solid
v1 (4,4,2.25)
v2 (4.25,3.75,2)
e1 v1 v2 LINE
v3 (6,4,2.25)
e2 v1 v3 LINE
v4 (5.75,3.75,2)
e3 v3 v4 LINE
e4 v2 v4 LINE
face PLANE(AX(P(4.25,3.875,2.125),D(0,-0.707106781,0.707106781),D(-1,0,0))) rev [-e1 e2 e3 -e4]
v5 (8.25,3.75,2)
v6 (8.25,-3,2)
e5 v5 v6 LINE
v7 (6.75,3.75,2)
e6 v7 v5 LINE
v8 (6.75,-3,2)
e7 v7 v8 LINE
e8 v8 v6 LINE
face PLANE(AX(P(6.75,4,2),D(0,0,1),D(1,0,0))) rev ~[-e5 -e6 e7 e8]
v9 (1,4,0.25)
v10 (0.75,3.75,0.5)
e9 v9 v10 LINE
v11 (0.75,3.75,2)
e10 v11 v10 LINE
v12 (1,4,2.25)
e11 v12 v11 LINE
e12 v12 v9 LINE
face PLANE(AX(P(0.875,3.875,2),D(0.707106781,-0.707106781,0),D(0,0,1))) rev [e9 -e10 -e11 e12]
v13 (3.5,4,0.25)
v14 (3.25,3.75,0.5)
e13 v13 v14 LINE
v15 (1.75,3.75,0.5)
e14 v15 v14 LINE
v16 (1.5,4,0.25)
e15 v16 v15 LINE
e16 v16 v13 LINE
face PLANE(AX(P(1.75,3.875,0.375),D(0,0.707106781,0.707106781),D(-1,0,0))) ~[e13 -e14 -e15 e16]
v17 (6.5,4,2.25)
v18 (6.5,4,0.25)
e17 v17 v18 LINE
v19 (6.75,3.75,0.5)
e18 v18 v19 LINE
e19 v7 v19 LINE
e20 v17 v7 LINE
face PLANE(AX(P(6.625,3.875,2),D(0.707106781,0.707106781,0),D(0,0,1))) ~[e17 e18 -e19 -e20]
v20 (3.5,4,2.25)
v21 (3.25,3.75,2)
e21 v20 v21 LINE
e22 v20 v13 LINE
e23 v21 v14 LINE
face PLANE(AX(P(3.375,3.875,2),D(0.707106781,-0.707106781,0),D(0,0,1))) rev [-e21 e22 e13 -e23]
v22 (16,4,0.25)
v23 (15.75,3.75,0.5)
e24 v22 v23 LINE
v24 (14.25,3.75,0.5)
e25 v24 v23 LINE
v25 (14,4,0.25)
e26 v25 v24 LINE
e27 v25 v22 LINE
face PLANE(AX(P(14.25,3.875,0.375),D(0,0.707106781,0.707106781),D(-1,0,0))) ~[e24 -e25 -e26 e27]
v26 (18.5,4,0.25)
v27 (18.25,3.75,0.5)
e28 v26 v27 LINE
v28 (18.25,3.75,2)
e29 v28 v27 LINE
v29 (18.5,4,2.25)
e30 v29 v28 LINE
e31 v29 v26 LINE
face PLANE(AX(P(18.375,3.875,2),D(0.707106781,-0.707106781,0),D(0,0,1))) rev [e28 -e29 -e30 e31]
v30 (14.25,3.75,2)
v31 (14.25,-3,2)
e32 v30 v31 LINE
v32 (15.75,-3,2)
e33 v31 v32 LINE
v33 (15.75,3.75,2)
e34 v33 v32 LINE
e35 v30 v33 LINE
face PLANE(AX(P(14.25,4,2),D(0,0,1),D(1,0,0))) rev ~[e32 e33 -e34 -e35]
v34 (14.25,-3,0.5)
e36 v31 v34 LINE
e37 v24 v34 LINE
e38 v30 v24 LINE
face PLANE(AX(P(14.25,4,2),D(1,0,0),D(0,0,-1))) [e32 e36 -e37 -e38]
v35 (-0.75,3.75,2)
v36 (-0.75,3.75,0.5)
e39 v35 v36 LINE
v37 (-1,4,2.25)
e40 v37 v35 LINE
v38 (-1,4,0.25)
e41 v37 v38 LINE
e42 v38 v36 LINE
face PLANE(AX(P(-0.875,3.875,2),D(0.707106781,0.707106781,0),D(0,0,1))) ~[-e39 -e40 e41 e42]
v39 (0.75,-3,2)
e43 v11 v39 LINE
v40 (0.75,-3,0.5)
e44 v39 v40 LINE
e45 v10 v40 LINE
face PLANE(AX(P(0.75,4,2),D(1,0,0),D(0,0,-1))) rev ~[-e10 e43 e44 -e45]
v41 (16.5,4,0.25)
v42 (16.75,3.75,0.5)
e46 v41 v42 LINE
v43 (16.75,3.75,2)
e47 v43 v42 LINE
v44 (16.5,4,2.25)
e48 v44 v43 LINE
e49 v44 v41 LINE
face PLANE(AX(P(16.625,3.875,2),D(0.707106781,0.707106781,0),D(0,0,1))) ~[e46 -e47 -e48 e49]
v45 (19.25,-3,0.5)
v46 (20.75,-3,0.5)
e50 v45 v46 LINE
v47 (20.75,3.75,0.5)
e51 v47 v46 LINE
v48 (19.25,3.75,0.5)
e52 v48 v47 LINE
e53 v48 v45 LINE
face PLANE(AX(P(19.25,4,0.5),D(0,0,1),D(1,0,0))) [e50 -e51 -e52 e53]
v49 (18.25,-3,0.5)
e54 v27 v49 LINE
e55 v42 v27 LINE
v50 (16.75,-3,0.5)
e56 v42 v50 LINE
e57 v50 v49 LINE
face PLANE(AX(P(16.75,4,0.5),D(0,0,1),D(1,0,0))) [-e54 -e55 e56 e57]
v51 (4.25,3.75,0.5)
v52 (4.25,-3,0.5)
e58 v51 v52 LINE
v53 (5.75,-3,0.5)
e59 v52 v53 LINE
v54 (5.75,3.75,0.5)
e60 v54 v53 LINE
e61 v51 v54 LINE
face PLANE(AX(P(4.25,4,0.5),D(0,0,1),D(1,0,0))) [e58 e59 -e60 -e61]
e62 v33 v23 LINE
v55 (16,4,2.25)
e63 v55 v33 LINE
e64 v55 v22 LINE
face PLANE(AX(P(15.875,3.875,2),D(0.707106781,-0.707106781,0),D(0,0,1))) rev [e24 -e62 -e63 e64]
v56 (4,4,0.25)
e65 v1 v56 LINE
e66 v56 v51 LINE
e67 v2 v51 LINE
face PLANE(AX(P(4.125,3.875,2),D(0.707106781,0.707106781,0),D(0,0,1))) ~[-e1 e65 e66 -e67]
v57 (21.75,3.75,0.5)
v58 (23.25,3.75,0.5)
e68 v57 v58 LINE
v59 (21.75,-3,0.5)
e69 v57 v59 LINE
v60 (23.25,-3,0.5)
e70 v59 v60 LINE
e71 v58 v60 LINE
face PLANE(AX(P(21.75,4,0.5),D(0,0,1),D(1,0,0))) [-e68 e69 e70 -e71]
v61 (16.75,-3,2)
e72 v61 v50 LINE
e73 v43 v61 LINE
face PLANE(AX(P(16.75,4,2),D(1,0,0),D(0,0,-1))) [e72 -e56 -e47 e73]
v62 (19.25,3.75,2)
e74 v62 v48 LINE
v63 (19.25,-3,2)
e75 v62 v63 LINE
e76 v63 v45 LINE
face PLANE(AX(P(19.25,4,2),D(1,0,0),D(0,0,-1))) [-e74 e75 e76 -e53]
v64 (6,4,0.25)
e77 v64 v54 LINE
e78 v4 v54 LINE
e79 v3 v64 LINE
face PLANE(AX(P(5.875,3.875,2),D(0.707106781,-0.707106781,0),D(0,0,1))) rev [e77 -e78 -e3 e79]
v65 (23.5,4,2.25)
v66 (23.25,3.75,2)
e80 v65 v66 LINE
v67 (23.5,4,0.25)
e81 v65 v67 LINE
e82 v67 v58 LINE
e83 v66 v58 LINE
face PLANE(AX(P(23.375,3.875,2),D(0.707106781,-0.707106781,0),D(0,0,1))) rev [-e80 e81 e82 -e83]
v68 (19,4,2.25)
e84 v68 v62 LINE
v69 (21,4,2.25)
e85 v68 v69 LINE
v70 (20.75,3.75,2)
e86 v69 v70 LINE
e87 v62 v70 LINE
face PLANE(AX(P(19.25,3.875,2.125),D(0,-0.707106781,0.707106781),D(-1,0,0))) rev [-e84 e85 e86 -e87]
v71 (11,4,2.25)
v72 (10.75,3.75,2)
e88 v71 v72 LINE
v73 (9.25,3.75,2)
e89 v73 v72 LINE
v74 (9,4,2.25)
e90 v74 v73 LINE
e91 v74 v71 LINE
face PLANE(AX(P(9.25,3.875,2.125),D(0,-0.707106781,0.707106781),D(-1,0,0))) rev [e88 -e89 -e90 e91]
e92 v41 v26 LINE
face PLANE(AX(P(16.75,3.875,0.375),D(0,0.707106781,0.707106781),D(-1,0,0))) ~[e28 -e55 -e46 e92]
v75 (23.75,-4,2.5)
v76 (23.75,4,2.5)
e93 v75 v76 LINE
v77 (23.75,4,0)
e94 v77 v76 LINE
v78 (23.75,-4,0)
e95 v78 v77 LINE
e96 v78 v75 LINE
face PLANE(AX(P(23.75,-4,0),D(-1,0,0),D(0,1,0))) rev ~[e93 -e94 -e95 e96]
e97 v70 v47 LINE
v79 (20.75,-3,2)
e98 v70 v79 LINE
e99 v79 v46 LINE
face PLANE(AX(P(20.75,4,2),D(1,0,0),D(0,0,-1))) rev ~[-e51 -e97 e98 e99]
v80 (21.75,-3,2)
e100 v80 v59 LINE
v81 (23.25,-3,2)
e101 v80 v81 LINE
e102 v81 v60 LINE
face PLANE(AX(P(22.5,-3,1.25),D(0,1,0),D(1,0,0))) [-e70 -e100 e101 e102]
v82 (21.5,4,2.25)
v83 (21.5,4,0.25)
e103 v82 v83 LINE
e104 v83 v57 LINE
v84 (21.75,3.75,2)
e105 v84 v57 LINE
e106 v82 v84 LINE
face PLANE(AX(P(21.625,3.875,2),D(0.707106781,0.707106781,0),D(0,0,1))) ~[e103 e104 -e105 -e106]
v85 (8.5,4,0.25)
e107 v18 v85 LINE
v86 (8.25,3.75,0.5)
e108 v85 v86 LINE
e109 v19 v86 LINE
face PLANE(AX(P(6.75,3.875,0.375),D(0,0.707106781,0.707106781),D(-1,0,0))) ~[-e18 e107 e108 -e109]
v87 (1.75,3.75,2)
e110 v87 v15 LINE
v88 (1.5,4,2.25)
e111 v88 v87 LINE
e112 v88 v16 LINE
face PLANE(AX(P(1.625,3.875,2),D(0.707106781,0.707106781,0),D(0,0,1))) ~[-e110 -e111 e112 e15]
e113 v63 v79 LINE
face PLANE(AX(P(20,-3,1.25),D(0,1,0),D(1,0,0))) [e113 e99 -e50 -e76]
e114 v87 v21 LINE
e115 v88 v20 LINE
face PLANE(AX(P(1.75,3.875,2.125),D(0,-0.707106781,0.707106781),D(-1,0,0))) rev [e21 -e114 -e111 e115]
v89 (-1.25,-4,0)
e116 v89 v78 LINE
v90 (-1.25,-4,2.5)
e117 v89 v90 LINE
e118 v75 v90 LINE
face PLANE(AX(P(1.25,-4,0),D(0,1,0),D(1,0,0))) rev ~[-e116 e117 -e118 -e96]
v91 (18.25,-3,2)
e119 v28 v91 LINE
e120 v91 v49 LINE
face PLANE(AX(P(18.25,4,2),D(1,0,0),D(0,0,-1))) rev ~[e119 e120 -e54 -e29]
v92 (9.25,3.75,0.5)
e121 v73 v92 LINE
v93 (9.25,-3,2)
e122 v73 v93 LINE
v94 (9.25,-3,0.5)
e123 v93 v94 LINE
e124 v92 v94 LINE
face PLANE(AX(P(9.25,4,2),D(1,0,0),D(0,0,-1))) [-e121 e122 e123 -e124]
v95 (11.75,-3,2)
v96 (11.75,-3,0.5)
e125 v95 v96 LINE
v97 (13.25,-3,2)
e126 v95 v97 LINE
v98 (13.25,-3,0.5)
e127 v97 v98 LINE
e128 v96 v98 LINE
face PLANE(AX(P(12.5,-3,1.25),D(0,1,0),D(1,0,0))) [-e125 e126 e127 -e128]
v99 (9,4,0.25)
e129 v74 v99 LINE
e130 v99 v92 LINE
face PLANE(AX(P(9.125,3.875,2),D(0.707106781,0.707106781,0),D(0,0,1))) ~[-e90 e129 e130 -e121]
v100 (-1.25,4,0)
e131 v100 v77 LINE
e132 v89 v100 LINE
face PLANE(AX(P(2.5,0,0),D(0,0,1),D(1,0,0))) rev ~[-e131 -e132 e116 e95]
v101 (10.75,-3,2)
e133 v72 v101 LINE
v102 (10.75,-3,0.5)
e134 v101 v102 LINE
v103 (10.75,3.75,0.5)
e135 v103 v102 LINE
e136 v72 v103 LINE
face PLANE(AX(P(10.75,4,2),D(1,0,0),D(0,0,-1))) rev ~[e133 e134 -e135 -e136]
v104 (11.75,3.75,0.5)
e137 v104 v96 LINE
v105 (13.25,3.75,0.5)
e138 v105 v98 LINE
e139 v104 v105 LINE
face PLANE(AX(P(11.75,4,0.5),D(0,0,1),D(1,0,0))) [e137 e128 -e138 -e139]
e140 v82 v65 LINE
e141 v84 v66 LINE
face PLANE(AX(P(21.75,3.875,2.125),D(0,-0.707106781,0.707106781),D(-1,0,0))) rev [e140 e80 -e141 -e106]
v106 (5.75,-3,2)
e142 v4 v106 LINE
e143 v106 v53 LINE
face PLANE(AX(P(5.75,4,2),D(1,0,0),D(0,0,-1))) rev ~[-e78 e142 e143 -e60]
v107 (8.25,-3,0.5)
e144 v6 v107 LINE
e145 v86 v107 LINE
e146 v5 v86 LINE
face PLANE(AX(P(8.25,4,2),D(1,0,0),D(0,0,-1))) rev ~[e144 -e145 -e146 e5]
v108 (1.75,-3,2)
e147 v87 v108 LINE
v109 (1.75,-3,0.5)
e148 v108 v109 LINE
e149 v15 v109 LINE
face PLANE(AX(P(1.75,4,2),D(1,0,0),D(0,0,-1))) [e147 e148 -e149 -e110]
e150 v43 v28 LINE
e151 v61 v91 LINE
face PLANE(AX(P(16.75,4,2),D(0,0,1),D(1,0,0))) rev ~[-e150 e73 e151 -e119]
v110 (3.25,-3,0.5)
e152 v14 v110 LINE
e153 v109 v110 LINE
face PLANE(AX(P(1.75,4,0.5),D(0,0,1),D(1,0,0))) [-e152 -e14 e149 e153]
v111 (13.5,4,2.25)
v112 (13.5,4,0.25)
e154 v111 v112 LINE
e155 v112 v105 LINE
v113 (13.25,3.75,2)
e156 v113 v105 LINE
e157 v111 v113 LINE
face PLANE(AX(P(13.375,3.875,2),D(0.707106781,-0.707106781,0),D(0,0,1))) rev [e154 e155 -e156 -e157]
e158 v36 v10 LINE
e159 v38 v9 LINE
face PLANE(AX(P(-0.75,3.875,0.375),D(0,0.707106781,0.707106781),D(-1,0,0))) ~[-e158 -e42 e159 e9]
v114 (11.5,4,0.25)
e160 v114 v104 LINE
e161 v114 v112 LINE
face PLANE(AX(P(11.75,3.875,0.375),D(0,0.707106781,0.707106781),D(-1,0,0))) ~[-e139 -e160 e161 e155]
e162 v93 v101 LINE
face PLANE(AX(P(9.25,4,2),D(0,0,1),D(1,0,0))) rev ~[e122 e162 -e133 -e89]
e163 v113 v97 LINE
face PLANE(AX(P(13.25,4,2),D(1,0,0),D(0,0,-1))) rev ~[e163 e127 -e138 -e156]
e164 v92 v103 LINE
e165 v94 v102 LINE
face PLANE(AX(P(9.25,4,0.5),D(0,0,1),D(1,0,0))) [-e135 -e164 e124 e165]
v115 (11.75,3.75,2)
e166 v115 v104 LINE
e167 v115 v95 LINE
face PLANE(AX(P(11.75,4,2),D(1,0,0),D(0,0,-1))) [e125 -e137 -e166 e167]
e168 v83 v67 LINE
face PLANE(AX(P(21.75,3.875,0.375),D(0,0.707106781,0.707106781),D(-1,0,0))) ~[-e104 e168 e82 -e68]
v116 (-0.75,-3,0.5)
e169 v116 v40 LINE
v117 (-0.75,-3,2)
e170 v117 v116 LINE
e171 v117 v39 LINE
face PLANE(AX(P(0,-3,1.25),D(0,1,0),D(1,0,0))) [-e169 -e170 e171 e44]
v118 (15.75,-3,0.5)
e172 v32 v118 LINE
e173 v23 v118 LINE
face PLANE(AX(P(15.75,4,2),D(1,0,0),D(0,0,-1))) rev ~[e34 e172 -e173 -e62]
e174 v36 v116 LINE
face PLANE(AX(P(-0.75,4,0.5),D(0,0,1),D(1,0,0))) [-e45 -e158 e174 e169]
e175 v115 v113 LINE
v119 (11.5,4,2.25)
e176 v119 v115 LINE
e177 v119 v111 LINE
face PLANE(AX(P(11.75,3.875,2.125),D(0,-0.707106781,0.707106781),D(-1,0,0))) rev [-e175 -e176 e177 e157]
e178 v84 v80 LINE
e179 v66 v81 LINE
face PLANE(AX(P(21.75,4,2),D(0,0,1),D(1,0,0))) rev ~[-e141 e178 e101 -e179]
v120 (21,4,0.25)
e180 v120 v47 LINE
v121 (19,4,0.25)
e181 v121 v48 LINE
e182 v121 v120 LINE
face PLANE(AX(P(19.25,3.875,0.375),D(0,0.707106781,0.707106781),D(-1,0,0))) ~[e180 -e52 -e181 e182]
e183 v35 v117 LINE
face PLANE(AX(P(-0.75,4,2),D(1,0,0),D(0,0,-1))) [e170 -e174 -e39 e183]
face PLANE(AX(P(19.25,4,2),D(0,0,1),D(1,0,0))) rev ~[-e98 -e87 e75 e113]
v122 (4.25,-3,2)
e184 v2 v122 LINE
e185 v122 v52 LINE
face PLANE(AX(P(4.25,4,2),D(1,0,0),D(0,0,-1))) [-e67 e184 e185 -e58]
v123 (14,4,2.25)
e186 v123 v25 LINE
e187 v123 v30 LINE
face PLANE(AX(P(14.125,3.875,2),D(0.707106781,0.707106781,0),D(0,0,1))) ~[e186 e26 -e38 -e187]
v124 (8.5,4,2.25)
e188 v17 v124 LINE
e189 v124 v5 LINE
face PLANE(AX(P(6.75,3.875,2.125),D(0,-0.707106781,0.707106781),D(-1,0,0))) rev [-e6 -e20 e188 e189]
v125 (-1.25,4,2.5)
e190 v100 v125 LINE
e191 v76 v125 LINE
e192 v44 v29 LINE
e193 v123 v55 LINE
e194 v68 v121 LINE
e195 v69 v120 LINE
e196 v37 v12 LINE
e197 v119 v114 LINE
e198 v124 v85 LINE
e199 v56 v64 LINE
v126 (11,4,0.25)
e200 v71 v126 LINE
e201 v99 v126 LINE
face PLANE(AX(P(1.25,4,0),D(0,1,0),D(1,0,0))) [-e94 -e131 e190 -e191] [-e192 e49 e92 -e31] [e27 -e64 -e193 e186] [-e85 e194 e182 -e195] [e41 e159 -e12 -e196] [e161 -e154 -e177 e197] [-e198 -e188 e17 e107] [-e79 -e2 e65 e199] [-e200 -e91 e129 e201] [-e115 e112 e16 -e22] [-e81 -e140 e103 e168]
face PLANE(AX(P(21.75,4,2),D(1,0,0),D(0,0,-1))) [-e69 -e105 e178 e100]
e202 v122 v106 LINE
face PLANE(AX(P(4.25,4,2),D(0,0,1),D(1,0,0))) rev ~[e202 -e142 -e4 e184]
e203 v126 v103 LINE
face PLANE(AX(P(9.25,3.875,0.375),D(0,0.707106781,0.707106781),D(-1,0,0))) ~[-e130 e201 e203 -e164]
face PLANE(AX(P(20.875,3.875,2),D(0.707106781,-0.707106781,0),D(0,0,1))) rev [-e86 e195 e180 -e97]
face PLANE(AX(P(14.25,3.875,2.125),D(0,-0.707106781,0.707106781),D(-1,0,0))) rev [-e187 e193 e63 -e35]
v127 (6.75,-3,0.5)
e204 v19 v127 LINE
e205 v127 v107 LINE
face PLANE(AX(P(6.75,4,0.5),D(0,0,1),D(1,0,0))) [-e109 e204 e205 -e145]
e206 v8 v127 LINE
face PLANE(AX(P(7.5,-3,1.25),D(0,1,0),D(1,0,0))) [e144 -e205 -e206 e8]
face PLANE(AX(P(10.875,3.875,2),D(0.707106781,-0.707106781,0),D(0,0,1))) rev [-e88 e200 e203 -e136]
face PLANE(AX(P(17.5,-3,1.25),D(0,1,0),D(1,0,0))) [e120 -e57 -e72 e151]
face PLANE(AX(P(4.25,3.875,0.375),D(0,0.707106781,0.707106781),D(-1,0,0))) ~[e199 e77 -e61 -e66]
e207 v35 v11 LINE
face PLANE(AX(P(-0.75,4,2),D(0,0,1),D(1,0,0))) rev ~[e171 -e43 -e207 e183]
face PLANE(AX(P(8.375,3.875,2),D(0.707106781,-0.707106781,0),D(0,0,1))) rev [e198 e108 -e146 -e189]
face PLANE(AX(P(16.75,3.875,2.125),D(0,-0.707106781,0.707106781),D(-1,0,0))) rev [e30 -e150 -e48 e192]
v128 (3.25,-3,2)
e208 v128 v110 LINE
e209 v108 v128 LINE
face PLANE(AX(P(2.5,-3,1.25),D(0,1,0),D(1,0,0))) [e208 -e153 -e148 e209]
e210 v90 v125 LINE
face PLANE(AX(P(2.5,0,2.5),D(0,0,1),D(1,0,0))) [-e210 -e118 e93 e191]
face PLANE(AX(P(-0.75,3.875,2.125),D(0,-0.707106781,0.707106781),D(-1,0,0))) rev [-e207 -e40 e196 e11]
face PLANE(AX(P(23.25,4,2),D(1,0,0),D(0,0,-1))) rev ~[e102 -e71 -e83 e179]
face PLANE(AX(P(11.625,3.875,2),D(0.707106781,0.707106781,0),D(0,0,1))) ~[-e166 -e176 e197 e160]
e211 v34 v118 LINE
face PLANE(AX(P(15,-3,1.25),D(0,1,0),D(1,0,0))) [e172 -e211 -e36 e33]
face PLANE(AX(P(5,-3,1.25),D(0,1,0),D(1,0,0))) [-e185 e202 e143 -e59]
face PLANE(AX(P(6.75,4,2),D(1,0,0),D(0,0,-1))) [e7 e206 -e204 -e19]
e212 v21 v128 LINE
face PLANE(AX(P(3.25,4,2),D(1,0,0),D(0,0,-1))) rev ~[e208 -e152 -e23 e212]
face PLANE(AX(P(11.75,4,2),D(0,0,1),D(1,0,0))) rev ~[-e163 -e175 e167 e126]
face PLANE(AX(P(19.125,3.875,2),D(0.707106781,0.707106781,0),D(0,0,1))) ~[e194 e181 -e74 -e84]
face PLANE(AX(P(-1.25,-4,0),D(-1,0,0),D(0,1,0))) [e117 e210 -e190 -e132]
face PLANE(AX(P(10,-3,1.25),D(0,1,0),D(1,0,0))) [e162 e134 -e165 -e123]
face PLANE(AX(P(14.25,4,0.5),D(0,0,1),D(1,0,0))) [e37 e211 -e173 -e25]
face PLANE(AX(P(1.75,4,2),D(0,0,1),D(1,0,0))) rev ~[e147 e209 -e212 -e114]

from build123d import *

# Parameters (mm, degrees)
SKETCH1_W                  = 2.5
SKETCH1_H                  = 8
BOSS_EXTRUDE1_DEPTH        = 2.5
SKETCH2_W                  = 1.5
SKETCH2_H                  = 1.5
CUT_EXTRUDE2_DEPTH         = 7
CHAMFER3_SIZE              = 0.25
LPATTERN2_COUNT            = 10
LPATTERN2_PITCH            = 2.5
CHAMFER3_OF_LPATTERN2_SIZE = 0.25


with BuildPart() as part:
    # Sketch1 → Boss-Extrude1 (new body)
    with BuildSketch(Plane.XY):
        Rectangle(SKETCH1_W, SKETCH1_H)
    boss_extrude1 = extrude(amount=BOSS_EXTRUDE1_DEPTH)

    # Sketch2 → Cut-Extrude2 (cut)
    with BuildSketch(Plane(origin=(0, 4, 0), x_dir=(1, 0, 0), z_dir=(0, 1, 0))):
        with Locations((0, -1.25)):
            Rectangle(SKETCH2_W, SKETCH2_H)
    cut_extrude2 = extrude(amount=-CUT_EXTRUDE2_DEPTH, mode=Mode.SUBTRACT)

    # Chamfer3
    chamfer3_edges = [part.edges().sort_by_distance(p)[0] for p in [
        (0, 4, 2),
        (0.75, 4, 1.25),
        (0, 4, 0.5),
        (-0.75, 4, 1.25),
    ]]
    chamfer(chamfer3_edges, length=CHAMFER3_SIZE)

    # LPattern2: Boss-Extrude1, Cut-Extrude2 ×10
    with Locations(*[(i * LPATTERN2_PITCH, 0, 0) for i in range(1, LPATTERN2_COUNT)]):
        add(boss_extrude1)
        add(cut_extrude2, mode=Mode.SUBTRACT)

    # Chamfer3 of LPattern2
    chamfer3_of_lpattern2_edges = [part.edges().sort_by_distance(p)[0] for p in [
        (2.5, 4, 2),
        (3.25, 4, 1.25),
        (2.5, 4, 0.5),
        (1.75, 4, 1.25),
        (5, 4, 2),
        (5.75, 4, 1.25),
        (5, 4, 0.5),
        (4.25, 4, 1.25),
        (7.5, 4, 2),
        (8.25, 4, 1.25),
        (7.5, 4, 0.5),
        (6.75, 4, 1.25),
        (10, 4, 2),
        (10.75, 4, 1.25),
        (10, 4, 0.5),
        (9.25, 4, 1.25),
        (12.5, 4, 2),
        (13.25, 4, 1.25),
        (12.5, 4, 0.5),
        (11.75, 4, 1.25),
        (15, 4, 2),
        (15.75, 4, 1.25),
        (15, 4, 0.5),
        (14.25, 4, 1.25),
        (17.5, 4, 2),
        (18.25, 4, 1.25),
        (17.5, 4, 0.5),
        (16.75, 4, 1.25),
        (20, 4, 2),
        (20.75, 4, 1.25),
        (20, 4, 0.5),
        (19.25, 4, 1.25),
        (22.5, 4, 2),
        (23.25, 4, 1.25),
        (22.5, 4, 0.5),
        (21.75, 4, 1.25),
    ]]
    chamfer(chamfer3_of_lpattern2_edges, length=CHAMFER3_OF_LPATTERN2_SIZE)


solid = part.part
